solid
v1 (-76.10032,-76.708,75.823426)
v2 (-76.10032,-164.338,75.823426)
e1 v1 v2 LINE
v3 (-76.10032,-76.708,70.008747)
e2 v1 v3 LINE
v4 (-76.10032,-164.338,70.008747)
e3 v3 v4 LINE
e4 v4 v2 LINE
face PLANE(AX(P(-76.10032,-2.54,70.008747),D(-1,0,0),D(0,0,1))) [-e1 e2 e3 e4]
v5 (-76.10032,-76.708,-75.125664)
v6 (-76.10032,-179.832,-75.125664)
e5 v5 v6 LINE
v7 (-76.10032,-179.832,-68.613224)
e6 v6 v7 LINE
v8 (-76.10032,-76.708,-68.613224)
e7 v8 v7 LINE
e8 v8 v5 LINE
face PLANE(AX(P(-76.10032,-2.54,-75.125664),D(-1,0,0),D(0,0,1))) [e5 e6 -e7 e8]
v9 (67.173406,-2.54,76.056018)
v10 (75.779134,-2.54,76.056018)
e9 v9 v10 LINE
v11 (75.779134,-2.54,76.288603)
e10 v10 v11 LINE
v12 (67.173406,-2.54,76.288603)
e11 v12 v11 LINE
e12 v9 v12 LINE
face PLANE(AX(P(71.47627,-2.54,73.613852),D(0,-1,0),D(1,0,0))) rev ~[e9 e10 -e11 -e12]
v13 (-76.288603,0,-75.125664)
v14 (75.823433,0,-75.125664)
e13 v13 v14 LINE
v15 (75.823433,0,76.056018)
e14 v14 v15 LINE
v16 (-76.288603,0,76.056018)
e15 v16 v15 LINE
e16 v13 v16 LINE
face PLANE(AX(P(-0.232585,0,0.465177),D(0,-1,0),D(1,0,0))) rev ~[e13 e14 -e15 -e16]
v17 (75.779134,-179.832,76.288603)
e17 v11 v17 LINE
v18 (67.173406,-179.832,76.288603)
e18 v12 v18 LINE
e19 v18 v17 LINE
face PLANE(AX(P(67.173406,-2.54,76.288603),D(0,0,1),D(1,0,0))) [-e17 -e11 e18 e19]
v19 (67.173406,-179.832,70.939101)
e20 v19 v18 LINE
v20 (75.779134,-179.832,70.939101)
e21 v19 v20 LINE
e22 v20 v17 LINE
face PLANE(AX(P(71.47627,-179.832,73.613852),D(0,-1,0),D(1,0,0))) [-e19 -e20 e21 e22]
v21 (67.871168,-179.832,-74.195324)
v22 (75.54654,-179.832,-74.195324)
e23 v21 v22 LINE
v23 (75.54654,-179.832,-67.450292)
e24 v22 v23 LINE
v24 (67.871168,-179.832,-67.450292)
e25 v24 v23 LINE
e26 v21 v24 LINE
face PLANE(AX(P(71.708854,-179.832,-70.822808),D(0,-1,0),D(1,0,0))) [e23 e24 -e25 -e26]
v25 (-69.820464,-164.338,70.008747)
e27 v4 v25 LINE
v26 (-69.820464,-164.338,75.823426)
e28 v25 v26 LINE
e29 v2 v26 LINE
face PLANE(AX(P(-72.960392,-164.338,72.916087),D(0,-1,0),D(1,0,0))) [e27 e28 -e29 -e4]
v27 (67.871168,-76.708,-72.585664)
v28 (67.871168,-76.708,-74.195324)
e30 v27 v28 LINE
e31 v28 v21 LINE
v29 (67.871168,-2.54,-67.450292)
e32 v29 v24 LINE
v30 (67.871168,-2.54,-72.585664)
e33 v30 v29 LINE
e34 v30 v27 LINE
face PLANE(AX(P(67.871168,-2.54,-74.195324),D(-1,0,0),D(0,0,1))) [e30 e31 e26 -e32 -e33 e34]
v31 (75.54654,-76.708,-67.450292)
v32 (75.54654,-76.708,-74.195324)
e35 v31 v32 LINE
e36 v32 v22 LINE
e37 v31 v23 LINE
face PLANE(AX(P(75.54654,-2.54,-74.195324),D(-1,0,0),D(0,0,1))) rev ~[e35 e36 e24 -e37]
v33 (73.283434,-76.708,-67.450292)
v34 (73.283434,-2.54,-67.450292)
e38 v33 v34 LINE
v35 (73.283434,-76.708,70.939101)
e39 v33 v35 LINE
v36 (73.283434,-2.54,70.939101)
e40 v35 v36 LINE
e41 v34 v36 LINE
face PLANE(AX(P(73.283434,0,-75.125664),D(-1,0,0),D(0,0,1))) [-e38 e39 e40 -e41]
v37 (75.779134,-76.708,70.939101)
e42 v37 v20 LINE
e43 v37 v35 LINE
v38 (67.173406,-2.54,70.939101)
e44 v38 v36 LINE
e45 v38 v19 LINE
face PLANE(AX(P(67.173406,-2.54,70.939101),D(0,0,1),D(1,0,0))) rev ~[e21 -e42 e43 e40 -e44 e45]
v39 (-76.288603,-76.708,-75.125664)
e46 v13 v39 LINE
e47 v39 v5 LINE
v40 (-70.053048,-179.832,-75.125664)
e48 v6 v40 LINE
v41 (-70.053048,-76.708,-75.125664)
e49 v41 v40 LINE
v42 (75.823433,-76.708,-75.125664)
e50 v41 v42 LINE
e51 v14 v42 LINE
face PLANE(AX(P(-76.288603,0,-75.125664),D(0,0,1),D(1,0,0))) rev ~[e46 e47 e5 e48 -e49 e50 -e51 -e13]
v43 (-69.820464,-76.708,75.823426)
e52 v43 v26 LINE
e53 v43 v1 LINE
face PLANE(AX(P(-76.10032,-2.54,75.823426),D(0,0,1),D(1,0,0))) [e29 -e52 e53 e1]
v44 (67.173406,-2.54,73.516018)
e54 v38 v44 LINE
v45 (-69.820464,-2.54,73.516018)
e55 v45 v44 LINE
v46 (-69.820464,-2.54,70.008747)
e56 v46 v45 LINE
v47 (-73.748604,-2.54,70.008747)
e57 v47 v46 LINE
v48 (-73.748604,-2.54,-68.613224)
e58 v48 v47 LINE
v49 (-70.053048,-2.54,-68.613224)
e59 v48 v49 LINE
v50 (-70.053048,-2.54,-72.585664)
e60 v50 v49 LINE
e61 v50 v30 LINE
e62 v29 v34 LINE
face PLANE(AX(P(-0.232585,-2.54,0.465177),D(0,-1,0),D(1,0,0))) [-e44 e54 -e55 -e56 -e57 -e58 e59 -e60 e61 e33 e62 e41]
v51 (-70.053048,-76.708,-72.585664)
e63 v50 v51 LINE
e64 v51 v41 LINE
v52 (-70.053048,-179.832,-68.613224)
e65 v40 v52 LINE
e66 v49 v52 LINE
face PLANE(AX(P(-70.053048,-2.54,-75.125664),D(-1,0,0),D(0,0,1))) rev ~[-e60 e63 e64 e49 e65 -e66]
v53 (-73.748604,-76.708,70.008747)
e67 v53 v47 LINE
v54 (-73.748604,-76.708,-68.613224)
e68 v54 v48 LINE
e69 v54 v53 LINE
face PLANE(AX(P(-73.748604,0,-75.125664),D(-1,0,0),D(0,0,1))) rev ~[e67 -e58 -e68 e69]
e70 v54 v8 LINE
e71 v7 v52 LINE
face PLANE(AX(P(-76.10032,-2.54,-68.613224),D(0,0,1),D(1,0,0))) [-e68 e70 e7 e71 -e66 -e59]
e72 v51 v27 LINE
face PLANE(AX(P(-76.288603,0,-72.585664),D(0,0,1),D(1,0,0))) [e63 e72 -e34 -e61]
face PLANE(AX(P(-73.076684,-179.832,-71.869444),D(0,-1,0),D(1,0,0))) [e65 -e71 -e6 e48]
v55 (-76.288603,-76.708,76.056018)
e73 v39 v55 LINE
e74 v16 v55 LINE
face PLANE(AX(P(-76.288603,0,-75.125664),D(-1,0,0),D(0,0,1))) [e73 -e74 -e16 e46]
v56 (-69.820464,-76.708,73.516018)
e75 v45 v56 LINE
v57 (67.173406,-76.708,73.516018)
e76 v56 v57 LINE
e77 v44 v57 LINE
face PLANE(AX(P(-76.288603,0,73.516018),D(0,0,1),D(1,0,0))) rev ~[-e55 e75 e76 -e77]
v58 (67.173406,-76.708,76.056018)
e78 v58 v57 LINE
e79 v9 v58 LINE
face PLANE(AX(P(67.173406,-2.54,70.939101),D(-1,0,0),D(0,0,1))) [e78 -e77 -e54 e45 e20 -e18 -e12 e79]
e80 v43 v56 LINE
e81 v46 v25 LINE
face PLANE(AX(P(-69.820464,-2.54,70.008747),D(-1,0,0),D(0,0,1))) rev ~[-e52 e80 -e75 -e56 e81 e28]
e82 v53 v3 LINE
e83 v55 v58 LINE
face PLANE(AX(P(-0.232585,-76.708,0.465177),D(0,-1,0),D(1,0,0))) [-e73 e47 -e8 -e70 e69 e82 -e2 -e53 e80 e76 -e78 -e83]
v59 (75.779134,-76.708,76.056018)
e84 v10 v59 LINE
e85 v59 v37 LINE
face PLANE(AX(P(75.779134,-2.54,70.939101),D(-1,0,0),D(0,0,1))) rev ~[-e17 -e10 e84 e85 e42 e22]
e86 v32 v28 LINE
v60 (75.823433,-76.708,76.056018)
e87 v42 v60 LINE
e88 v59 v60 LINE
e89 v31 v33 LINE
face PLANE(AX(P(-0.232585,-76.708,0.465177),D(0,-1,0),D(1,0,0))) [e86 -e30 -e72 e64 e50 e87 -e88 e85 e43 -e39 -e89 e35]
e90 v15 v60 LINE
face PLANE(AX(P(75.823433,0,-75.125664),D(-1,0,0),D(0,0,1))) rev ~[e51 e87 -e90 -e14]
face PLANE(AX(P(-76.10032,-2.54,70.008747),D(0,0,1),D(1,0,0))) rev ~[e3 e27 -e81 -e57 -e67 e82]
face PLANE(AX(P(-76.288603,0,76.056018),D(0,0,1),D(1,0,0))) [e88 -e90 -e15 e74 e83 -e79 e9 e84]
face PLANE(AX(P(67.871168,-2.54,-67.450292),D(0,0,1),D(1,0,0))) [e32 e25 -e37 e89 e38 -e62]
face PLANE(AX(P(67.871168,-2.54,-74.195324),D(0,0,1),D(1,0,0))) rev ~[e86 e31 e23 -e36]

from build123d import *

# Parameters (mm, degrees)
F0_W     = 152.112037
F0_H     = 151.181682
F1_DEPTH = 76.708
F2_T     = -2.54
F3_W     = 6.279856
F3_H     = 5.814679
F4_DEPTH = 161.798
F6_W     = 7.675372
F6_H     = 6.745033
F5_W     = 6.047272
F5_H     = 6.51244
F7_W     = 8.605727
F7_H     = 5.349502
F8_DEPTH = 177.292


with BuildPart() as f1:
    # F0 (on Front) → F1 (new body)
    with BuildSketch(Plane.XZ):
        with Locations((-0.232585, 0.465177)):
            Rectangle(F0_W, F0_H)
    extrude(amount=F1_DEPTH)

    # F2
    f2_openings = [f1.faces().sort_by_distance(p)[0] for p in [
        (-0.232585, -76.708, 0.465177),
    ]]
    offset(amount=F2_T, openings=f2_openings)

    # F3 (on face) → F4 (join)
    with BuildSketch(Plane.XZ.offset(2.54)):
        with Locations((-72.960392, 72.916087)):
            Rectangle(F3_W, F3_H)
    extrude(amount=F4_DEPTH)

    # F6 (on face) + F5 (on face) + F7 (on face) → F8 (join)
    with BuildSketch(Plane.XZ.offset(2.54)):
        with Locations((71.708854, -70.822808)):
            Rectangle(F6_W, F6_H)
    with BuildSketch(Plane.XZ.offset(2.54)):
        with Locations((-73.076684, -71.869444)):
            Rectangle(F5_W, F5_H)
    with BuildSketch(Plane.XZ.offset(2.54)):
        with Locations((71.47627, 73.613852)):
            Rectangle(F7_W, F7_H)
    extrude(amount=F8_DEPTH)


solid = f1.part
